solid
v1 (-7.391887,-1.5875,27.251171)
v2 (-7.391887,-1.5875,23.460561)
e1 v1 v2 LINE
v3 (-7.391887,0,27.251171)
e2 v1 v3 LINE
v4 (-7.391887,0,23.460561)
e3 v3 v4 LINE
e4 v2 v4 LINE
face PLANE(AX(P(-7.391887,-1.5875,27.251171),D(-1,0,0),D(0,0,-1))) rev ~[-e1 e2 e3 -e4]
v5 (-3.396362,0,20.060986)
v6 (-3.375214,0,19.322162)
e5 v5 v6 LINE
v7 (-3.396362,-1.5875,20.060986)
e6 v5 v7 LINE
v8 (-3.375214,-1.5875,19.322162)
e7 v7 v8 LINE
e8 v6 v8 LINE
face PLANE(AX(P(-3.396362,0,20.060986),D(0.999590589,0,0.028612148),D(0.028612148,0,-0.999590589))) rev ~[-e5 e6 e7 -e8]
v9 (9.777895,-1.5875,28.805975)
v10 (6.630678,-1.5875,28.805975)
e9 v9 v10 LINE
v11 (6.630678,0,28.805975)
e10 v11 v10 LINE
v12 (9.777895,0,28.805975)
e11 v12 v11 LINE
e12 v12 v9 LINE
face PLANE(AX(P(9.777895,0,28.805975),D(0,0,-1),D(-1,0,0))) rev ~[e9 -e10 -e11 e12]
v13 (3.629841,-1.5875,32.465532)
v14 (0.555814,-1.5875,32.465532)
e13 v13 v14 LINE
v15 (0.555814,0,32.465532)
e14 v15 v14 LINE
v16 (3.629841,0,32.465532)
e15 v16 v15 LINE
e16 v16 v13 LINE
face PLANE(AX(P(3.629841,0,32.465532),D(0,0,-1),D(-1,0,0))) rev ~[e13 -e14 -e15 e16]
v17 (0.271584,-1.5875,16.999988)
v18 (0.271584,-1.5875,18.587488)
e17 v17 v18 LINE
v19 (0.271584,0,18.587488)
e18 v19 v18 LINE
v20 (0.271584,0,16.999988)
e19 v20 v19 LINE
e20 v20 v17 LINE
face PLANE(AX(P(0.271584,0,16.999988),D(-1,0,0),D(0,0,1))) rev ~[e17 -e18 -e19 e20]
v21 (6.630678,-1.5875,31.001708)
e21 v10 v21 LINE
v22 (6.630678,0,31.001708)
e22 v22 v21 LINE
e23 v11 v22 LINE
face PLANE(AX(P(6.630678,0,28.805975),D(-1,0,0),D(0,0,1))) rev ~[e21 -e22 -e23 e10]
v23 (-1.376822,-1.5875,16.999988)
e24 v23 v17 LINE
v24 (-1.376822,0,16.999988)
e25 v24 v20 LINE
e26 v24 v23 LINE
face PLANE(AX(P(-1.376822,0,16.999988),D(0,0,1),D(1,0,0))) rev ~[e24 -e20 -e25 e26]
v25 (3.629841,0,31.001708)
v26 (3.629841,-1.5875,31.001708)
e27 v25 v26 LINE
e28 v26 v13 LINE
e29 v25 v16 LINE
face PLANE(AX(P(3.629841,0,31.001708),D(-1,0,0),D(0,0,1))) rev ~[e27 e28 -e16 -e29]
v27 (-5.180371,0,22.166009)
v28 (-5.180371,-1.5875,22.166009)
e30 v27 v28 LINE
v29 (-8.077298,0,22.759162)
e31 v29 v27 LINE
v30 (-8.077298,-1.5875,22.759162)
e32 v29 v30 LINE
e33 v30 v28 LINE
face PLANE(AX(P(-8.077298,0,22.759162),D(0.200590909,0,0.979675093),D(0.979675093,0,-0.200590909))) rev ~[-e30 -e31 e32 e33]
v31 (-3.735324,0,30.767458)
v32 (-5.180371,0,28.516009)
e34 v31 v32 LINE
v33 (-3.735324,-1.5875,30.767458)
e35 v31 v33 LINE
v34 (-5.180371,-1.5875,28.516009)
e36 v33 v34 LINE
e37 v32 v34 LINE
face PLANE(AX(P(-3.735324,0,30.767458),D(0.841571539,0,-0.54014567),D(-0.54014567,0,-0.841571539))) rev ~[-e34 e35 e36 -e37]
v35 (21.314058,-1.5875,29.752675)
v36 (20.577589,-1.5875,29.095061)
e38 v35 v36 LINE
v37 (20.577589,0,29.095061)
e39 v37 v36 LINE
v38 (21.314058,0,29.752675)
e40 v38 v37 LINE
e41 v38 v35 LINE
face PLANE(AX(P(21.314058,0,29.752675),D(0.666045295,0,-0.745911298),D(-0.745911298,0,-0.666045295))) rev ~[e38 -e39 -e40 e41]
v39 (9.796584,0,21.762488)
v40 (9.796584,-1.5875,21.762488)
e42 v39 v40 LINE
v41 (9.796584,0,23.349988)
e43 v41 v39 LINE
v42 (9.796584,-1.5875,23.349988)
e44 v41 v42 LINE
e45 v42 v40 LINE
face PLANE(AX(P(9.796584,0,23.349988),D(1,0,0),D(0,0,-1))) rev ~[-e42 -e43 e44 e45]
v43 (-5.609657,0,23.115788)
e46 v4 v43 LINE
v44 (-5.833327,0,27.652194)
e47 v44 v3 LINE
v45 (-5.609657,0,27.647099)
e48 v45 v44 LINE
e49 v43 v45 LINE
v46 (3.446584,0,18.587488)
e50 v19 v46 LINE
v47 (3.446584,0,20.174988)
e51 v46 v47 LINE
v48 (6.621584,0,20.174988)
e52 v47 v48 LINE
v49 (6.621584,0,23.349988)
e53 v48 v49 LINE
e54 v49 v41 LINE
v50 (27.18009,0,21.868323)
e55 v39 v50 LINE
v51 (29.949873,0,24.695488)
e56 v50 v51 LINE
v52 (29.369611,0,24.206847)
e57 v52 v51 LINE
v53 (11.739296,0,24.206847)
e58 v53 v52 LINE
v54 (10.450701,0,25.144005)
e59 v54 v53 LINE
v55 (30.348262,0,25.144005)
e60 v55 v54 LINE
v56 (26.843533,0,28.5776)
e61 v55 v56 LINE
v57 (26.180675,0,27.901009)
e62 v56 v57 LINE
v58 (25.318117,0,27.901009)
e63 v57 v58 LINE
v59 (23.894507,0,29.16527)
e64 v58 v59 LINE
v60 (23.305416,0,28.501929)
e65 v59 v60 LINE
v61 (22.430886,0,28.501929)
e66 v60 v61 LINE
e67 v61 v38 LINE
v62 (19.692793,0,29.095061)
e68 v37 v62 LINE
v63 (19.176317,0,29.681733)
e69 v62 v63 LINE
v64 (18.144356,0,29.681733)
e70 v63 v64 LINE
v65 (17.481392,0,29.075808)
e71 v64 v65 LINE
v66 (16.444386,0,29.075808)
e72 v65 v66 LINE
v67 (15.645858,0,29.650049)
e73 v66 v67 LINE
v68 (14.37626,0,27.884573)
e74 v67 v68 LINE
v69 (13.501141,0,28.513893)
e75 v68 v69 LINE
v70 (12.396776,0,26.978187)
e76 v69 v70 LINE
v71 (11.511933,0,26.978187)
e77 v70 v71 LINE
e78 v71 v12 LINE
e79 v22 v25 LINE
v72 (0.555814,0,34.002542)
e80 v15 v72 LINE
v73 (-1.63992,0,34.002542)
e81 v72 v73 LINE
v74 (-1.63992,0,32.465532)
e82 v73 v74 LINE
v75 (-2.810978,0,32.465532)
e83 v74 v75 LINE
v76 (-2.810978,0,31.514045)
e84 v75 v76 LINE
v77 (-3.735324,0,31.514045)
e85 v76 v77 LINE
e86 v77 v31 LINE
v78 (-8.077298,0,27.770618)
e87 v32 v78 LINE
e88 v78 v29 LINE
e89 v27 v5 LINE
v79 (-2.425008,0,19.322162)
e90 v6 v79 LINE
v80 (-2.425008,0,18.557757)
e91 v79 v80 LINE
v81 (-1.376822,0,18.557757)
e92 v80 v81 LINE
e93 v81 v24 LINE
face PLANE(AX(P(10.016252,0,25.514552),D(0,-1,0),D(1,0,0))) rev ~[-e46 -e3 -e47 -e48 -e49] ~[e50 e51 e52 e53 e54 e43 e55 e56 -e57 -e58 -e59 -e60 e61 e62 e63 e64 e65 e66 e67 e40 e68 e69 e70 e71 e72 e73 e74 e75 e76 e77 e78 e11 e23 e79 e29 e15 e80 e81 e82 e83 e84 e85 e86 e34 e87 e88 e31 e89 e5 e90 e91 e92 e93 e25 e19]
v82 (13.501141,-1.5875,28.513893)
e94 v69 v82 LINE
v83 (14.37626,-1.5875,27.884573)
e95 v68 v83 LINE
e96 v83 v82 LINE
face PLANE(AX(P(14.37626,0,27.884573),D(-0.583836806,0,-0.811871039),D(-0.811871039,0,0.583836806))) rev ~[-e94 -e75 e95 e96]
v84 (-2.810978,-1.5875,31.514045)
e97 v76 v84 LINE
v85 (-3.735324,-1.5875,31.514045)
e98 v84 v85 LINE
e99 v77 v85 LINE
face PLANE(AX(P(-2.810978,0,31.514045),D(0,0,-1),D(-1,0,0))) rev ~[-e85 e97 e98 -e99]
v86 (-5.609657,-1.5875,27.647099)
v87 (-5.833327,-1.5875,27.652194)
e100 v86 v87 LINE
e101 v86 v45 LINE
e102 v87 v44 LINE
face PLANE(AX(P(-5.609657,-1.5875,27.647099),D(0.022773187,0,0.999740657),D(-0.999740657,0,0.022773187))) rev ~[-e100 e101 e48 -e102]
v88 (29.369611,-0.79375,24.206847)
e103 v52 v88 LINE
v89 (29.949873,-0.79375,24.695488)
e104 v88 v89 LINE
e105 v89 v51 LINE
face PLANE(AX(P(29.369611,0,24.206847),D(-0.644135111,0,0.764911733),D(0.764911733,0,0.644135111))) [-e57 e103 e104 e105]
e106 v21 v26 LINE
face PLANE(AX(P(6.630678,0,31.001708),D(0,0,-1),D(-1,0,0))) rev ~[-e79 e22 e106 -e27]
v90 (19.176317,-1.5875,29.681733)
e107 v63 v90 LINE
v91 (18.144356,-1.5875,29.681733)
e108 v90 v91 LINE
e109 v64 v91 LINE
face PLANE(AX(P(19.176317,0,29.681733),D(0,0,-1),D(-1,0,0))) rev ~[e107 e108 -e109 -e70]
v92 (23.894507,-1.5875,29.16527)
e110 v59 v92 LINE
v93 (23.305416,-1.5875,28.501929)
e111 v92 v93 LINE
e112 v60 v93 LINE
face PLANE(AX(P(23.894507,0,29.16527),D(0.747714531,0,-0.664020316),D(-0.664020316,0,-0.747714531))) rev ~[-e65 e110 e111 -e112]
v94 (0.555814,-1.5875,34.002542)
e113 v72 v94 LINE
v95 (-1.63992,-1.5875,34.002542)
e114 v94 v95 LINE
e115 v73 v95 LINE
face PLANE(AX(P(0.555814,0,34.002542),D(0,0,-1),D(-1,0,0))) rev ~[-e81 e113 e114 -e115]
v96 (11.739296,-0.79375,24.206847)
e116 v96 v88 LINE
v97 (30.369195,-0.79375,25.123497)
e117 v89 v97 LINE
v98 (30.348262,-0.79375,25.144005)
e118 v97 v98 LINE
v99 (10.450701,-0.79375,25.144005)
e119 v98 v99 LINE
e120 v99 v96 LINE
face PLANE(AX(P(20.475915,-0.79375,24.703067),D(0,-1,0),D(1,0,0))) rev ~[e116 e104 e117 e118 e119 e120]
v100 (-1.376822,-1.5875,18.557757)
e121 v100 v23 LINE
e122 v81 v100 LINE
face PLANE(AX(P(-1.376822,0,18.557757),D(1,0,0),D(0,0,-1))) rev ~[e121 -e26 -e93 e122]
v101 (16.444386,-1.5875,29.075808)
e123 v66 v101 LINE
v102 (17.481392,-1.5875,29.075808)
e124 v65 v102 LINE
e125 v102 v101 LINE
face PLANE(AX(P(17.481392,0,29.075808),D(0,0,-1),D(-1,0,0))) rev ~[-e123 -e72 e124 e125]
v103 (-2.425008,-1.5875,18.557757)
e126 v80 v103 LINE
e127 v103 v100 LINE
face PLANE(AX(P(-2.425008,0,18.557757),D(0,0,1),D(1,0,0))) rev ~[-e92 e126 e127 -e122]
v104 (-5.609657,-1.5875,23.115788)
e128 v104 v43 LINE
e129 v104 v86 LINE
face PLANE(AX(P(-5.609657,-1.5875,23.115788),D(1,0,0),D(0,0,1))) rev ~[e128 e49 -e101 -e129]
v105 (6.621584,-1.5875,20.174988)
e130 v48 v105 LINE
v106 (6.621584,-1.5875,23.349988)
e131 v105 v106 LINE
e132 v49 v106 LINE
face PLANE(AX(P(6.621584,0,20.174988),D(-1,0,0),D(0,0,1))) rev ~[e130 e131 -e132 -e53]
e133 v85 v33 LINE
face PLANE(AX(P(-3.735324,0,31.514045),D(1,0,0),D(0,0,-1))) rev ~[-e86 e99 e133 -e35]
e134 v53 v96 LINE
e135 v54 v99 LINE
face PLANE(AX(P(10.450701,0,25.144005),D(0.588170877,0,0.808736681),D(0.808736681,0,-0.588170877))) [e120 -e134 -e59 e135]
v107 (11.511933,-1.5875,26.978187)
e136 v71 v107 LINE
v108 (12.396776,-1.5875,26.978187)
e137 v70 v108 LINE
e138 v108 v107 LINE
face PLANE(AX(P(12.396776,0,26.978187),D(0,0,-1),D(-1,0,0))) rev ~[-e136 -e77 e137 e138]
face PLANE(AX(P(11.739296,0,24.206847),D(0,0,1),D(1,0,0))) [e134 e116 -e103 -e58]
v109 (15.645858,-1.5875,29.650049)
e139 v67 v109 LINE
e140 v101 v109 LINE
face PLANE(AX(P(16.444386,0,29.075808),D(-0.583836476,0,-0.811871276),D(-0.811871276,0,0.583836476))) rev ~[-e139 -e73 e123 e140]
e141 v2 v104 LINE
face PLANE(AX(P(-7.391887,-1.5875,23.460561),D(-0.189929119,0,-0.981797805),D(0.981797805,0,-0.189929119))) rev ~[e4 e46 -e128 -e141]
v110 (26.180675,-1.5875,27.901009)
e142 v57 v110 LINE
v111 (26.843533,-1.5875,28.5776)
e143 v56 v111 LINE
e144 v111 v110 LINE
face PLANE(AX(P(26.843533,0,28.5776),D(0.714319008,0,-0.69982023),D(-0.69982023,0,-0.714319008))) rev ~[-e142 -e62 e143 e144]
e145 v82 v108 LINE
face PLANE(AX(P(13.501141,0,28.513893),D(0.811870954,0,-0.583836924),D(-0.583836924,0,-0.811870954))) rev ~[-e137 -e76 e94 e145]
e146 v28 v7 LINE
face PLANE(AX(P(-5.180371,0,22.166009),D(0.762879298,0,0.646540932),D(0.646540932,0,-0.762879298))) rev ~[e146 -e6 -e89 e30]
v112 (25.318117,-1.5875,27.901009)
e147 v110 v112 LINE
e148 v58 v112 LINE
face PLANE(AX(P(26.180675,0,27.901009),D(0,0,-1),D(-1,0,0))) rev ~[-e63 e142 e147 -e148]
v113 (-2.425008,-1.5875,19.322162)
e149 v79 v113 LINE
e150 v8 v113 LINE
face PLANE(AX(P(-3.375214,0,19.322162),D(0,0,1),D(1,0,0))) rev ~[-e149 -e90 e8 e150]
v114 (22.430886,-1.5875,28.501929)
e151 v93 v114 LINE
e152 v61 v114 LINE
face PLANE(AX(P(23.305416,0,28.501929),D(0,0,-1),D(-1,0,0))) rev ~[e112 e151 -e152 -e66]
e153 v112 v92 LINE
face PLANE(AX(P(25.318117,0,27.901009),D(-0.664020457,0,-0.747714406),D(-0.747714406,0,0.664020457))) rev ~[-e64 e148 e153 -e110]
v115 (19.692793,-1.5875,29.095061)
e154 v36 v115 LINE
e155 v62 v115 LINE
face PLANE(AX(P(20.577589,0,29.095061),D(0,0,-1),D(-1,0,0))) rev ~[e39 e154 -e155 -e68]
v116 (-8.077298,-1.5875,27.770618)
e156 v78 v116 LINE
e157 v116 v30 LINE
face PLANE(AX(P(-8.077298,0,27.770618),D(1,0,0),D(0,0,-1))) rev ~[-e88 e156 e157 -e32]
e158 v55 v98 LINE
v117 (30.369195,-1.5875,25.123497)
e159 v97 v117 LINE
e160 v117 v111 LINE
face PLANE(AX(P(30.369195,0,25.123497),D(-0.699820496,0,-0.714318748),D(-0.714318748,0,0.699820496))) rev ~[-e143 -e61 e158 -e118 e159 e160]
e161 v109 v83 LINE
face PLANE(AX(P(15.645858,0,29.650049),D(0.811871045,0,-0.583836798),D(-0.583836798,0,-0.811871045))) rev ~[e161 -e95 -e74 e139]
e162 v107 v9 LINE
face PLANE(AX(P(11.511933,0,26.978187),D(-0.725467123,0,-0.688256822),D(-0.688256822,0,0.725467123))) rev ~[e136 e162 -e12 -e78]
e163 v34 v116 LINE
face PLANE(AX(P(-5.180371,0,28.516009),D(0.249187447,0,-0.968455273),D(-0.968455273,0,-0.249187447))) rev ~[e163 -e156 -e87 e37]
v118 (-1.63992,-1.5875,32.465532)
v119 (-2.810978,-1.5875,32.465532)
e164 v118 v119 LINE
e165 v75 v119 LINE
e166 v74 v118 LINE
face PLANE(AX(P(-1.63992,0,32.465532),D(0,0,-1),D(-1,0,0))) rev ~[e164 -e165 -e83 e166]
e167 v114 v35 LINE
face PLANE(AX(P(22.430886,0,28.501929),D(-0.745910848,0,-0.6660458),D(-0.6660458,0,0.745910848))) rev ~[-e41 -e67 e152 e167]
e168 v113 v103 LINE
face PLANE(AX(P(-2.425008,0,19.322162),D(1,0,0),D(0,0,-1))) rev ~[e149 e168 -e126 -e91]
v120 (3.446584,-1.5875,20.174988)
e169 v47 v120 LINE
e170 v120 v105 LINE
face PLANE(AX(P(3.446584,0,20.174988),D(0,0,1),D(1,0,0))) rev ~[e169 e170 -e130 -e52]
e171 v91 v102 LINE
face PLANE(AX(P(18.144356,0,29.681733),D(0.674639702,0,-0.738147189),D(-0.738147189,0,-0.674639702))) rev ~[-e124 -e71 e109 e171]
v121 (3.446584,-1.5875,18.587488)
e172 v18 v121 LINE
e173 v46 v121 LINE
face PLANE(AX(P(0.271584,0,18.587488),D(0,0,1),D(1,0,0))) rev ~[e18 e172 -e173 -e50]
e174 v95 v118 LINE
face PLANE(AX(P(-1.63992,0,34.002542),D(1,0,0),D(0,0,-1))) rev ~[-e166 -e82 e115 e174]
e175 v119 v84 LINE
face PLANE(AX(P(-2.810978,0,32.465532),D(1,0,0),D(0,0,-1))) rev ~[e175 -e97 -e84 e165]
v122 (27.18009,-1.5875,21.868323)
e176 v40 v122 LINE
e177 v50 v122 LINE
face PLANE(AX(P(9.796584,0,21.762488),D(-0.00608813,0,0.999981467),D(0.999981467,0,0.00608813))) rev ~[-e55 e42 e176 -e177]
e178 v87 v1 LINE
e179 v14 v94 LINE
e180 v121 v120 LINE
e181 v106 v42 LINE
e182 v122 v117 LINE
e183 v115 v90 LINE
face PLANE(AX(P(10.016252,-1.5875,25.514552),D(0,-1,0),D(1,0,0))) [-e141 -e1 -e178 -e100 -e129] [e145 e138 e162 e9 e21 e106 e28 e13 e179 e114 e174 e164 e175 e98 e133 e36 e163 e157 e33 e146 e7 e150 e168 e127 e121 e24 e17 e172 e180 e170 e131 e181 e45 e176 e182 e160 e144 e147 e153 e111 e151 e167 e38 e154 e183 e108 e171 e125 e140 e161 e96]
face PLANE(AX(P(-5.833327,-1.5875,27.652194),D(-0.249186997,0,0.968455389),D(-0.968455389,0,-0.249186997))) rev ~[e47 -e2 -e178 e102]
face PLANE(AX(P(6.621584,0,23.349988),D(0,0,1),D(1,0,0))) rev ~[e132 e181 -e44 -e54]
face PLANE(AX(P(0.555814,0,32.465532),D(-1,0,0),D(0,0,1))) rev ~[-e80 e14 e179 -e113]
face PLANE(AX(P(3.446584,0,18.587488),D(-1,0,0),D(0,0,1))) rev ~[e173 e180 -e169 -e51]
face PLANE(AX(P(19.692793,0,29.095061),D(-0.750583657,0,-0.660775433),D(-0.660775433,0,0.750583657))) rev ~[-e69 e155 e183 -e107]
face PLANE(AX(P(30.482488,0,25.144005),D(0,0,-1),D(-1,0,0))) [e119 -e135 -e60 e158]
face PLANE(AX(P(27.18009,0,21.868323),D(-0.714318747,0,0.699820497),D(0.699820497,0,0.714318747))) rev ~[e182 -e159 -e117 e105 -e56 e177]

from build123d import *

# Parameters (mm, degrees)
F2_DEPTH = 1.5875
F4_DEPTH = 1.5875
F5_DEPTH = 0.79375


with BuildPart() as f2:
    # F0 (on Front) → F2 (new body)
    with BuildSketch(Plane.XZ):
        Polygon((9.796584, 23.349988), (9.796584, 21.762488), (27.18009, 21.868323), (30.369195, 25.123497), (26.843533, 28.5776), (26.180675, 27.901009), (25.318117, 27.901009), (23.894507, 29.16527), (23.305416, 28.501929), (22.430886, 28.501929), (21.314058, 29.752675), (20.577589, 29.095061), (19.692793, 29.095061), (19.176317, 29.681733), (18.144356, 29.681733), (17.481392, 29.075808), (16.444386, 29.075808), (15.645858, 29.650049), (14.37626, 27.884573), (13.501141, 28.513893), (12.396776, 26.978187), (11.511933, 26.978187), (9.777895, 28.805975), (6.630678, 28.805975), (6.630678, 31.001708), (3.629841, 31.001708), (3.629841, 32.465532), (0.555814, 32.465532), (0.555814, 34.002542), (-1.63992, 34.002542), (-1.63992, 32.465532), (-2.810978, 32.465532), (-2.810978, 31.514045), (-3.735324, 31.514045), (-3.735324, 30.767458), (-5.180371, 28.516009), (-5.180371, 22.166009), (-3.396362, 20.060986), (-3.375214, 19.322162), (-2.425008, 19.322162), (-2.425008, 18.557757), (-1.376822, 18.557757), (-1.376822, 16.999988), (0.271584, 16.999988), (0.271584, 18.587488), (3.446584, 18.587488), (3.446584, 20.174988), (6.621584, 20.174988), (6.621584, 23.349988), align=None)
        Polygon((-8.077298, 22.759162), (-5.180371, 22.166009), (-5.180371, 28.516009), (-8.077298, 27.770618), (-8.077298, 27.149362), align=None)
    extrude(amount=F2_DEPTH)

    # F3 (on face) → F4 (cut)
    with BuildSketch(Plane.XZ.offset(1.5875)):
        Polygon((-5.609657, 27.647099), (-5.833327, 27.652194), (-7.391887, 27.251171), (-7.391887, 23.460561), (-5.609657, 23.115788), align=None)
    extrude(amount=-F4_DEPTH, mode=Mode.SUBTRACT)

    # F1 (on face) → F5 (cut)
    with BuildSketch(Plane.XZ):
        Polygon((30.482488, 25.144005), (28.022444, 25.144005), (10.450701, 25.144005), (11.739296, 24.206847), (29.369611, 24.206847), align=None)
    extrude(amount=F5_DEPTH, mode=Mode.SUBTRACT)


solid = f2.part
